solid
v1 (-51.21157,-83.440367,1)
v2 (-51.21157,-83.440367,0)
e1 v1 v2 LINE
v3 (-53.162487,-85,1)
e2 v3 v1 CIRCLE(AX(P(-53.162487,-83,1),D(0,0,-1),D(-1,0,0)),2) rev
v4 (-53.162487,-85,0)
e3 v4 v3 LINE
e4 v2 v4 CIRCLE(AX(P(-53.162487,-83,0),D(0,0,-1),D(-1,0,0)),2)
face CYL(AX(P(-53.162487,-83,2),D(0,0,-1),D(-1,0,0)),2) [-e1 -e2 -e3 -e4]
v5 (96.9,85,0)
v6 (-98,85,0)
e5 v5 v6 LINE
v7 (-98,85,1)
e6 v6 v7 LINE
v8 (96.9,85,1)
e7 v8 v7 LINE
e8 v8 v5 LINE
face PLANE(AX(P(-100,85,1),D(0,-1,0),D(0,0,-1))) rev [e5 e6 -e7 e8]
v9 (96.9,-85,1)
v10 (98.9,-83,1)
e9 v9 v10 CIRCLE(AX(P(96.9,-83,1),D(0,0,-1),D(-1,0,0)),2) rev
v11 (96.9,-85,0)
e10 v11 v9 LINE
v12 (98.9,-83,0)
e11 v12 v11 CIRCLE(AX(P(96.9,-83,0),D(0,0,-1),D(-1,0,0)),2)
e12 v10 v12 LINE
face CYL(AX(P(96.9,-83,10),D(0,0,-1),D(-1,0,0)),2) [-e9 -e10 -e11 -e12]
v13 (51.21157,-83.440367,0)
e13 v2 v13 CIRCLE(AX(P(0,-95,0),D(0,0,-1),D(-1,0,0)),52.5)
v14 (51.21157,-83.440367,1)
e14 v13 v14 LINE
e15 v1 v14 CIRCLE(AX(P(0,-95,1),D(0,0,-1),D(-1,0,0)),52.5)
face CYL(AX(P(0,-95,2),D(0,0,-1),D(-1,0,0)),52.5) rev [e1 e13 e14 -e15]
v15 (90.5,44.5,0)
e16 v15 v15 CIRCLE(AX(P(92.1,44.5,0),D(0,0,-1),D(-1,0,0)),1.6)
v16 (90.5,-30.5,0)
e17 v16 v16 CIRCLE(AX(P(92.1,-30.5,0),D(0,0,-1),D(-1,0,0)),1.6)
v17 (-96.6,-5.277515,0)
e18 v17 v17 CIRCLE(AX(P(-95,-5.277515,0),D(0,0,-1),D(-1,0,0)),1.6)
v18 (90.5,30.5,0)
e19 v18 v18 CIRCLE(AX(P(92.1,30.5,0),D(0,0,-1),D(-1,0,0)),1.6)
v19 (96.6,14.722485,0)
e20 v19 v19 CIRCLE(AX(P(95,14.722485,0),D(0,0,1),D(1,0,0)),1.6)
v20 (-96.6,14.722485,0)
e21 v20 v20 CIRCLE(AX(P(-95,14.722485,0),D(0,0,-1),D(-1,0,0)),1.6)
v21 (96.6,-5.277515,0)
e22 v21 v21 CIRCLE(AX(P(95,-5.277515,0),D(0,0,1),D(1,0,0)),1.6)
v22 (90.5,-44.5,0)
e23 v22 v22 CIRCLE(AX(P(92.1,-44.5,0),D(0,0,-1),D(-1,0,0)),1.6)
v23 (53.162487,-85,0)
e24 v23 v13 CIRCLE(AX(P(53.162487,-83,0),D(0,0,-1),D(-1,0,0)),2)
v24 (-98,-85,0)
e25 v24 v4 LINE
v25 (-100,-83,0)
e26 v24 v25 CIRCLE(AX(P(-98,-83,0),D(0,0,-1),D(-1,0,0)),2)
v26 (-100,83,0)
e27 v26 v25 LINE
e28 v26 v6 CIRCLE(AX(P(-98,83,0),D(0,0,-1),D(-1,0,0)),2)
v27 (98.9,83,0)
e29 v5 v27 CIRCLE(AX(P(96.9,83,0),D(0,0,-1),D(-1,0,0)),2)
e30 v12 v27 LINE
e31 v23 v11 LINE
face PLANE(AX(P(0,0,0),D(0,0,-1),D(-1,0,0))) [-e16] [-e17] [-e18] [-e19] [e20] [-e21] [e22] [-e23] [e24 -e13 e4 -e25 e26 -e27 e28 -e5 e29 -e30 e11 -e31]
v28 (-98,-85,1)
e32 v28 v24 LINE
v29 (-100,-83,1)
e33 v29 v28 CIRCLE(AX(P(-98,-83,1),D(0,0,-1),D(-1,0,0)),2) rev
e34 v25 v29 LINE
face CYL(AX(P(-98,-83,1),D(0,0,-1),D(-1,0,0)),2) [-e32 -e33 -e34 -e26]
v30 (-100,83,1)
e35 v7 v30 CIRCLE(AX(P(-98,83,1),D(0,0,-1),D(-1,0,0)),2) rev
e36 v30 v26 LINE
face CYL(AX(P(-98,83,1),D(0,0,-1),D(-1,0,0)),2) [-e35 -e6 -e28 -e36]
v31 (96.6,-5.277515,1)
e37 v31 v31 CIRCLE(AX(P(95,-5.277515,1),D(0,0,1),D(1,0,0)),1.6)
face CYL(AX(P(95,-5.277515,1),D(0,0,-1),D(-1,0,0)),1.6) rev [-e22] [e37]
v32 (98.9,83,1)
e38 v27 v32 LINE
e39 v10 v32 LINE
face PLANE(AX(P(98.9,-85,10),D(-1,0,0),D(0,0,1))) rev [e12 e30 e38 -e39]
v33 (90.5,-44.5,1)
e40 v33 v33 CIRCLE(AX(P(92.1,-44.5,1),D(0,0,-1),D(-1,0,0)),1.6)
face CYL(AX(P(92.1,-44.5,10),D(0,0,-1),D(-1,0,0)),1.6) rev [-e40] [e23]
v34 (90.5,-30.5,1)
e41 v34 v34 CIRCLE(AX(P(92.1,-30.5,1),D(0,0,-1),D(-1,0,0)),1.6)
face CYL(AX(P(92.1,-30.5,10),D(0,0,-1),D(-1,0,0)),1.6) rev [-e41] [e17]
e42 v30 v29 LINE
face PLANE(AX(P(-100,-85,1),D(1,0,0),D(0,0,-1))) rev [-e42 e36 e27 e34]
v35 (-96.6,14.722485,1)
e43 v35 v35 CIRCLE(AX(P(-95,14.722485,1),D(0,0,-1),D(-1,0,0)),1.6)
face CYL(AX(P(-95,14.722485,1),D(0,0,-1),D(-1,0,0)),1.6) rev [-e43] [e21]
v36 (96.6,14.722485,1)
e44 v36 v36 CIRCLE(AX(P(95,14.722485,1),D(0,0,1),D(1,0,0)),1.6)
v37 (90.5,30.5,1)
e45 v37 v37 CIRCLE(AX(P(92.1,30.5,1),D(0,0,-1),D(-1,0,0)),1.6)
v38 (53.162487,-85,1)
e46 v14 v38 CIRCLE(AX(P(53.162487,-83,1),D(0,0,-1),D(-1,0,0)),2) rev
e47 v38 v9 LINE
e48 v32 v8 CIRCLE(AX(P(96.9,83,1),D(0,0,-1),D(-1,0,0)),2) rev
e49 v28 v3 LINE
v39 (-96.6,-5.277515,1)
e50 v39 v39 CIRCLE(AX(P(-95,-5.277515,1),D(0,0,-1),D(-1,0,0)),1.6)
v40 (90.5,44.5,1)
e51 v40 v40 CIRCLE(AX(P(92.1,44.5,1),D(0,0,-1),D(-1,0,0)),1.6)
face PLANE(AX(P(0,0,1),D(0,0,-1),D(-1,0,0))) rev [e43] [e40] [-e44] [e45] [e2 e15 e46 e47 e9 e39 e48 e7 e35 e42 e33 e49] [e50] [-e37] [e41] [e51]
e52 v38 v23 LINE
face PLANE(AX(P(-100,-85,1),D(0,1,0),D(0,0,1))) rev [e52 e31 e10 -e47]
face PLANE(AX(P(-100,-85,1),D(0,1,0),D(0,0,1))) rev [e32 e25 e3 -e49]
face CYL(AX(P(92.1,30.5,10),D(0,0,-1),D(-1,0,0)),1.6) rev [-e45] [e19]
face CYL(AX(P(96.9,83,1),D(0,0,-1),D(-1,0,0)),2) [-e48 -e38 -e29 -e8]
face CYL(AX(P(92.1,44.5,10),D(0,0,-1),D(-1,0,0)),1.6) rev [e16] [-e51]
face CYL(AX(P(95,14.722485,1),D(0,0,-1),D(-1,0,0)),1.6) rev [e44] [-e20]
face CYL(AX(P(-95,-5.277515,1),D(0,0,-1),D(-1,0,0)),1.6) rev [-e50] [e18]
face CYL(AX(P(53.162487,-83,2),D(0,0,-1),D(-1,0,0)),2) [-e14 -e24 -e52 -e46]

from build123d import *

# Parameters (mm, degrees)
SKETCH_1_W          = 200
SKETCH_1_H          = 170
EXTRUDE_1_DEPTH     = 1
SKETCH_2_R          = 52.5
CUT_EXTRUDE_1_DEPTH = 2
SKETCH_3_R          = 1.6
CUT_EXTRUDE_2_DEPTH = 1
SKETCH_6_W          = 1.1
SKETCH_6_H          = 170
CUT_EXTRUDE_4_DEPTH = 10
FILLET_1_R          = 2
SKETCH_8_R          = 1.6
CUT_EXTRUDE_5_DEPTH = 10


with BuildPart() as part:
    # 草图1 → 凸台-拉伸1 (new body)
    with BuildSketch(Plane.XY):
        Rectangle(SKETCH_1_W, SKETCH_1_H)
    extrude(amount=EXTRUDE_1_DEPTH)

    # 草图2 → 切除-拉伸1 (cut)
    with BuildSketch(Plane(origin=(0, 0, 0), x_dir=(-1, 0, 0), z_dir=(0, 0, -1))):
        with Locations((0, -95)):
            Circle(SKETCH_2_R)
    extrude(amount=-CUT_EXTRUDE_1_DEPTH, mode=Mode.SUBTRACT)

    # 草图3 → 切除-拉伸2 (cut)
    with BuildSketch(Plane(origin=(0, 0, 0), x_dir=(-1, 0, 0), z_dir=(0, 0, -1))):
        with Locations((95, 14.722484501)):
            Circle(SKETCH_3_R)
        with Locations((95, -5.277515499)):
            Circle(SKETCH_3_R)
    cut_extrude_2 = extrude(amount=-CUT_EXTRUDE_2_DEPTH, mode=Mode.SUBTRACT)

    # 镜向1: 切除-拉伸2 across plane
    add(cut_extrude_2.mirror(Plane(origin=(0, 0, 0), x_dir=(0, 0, 1), z_dir=(1, 0, 0))), mode=Mode.SUBTRACT)

    # 草图6 → 切除-拉伸4 (cut)
    with BuildSketch(Plane(origin=(0, 0, 0), x_dir=(-1, 0, 0), z_dir=(0, 0, -1))):
        with Locations((-99.45, 0)):
            Rectangle(SKETCH_6_W, SKETCH_6_H)
    extrude(amount=-CUT_EXTRUDE_4_DEPTH, mode=Mode.SUBTRACT)

    # 圆角1
    fillet_1_edges = [part.edges().sort_by_distance(p)[0] for p in [
        (51.53882032, -85, 0.5),
        (-51.53882032, -85, 0.5),
        (98.9, 85, 0.5),
        (98.9, -85, 0.5),
        (-100, -85, 0.5),
        (-100, 85, 0.5),
    ]]
    fillet(fillet_1_edges, radius=FILLET_1_R)

    # 草图8 → 切除-拉伸5 (cut)
    with BuildSketch(Plane(origin=(0, 0, 0), x_dir=(-1, 0, 0), z_dir=(0, 0, -1))):
        with Locations((-92.1, 44.5)):
            Circle(SKETCH_8_R)
        with Locations((-92.1, 30.5)):
            Circle(SKETCH_8_R)
        with Locations((-92.1, -30.5)):
            Circle(SKETCH_8_R)
        with Locations((-92.1, -44.5)):
            Circle(SKETCH_8_R)
    extrude(amount=-CUT_EXTRUDE_5_DEPTH, mode=Mode.SUBTRACT)


solid = part.part
